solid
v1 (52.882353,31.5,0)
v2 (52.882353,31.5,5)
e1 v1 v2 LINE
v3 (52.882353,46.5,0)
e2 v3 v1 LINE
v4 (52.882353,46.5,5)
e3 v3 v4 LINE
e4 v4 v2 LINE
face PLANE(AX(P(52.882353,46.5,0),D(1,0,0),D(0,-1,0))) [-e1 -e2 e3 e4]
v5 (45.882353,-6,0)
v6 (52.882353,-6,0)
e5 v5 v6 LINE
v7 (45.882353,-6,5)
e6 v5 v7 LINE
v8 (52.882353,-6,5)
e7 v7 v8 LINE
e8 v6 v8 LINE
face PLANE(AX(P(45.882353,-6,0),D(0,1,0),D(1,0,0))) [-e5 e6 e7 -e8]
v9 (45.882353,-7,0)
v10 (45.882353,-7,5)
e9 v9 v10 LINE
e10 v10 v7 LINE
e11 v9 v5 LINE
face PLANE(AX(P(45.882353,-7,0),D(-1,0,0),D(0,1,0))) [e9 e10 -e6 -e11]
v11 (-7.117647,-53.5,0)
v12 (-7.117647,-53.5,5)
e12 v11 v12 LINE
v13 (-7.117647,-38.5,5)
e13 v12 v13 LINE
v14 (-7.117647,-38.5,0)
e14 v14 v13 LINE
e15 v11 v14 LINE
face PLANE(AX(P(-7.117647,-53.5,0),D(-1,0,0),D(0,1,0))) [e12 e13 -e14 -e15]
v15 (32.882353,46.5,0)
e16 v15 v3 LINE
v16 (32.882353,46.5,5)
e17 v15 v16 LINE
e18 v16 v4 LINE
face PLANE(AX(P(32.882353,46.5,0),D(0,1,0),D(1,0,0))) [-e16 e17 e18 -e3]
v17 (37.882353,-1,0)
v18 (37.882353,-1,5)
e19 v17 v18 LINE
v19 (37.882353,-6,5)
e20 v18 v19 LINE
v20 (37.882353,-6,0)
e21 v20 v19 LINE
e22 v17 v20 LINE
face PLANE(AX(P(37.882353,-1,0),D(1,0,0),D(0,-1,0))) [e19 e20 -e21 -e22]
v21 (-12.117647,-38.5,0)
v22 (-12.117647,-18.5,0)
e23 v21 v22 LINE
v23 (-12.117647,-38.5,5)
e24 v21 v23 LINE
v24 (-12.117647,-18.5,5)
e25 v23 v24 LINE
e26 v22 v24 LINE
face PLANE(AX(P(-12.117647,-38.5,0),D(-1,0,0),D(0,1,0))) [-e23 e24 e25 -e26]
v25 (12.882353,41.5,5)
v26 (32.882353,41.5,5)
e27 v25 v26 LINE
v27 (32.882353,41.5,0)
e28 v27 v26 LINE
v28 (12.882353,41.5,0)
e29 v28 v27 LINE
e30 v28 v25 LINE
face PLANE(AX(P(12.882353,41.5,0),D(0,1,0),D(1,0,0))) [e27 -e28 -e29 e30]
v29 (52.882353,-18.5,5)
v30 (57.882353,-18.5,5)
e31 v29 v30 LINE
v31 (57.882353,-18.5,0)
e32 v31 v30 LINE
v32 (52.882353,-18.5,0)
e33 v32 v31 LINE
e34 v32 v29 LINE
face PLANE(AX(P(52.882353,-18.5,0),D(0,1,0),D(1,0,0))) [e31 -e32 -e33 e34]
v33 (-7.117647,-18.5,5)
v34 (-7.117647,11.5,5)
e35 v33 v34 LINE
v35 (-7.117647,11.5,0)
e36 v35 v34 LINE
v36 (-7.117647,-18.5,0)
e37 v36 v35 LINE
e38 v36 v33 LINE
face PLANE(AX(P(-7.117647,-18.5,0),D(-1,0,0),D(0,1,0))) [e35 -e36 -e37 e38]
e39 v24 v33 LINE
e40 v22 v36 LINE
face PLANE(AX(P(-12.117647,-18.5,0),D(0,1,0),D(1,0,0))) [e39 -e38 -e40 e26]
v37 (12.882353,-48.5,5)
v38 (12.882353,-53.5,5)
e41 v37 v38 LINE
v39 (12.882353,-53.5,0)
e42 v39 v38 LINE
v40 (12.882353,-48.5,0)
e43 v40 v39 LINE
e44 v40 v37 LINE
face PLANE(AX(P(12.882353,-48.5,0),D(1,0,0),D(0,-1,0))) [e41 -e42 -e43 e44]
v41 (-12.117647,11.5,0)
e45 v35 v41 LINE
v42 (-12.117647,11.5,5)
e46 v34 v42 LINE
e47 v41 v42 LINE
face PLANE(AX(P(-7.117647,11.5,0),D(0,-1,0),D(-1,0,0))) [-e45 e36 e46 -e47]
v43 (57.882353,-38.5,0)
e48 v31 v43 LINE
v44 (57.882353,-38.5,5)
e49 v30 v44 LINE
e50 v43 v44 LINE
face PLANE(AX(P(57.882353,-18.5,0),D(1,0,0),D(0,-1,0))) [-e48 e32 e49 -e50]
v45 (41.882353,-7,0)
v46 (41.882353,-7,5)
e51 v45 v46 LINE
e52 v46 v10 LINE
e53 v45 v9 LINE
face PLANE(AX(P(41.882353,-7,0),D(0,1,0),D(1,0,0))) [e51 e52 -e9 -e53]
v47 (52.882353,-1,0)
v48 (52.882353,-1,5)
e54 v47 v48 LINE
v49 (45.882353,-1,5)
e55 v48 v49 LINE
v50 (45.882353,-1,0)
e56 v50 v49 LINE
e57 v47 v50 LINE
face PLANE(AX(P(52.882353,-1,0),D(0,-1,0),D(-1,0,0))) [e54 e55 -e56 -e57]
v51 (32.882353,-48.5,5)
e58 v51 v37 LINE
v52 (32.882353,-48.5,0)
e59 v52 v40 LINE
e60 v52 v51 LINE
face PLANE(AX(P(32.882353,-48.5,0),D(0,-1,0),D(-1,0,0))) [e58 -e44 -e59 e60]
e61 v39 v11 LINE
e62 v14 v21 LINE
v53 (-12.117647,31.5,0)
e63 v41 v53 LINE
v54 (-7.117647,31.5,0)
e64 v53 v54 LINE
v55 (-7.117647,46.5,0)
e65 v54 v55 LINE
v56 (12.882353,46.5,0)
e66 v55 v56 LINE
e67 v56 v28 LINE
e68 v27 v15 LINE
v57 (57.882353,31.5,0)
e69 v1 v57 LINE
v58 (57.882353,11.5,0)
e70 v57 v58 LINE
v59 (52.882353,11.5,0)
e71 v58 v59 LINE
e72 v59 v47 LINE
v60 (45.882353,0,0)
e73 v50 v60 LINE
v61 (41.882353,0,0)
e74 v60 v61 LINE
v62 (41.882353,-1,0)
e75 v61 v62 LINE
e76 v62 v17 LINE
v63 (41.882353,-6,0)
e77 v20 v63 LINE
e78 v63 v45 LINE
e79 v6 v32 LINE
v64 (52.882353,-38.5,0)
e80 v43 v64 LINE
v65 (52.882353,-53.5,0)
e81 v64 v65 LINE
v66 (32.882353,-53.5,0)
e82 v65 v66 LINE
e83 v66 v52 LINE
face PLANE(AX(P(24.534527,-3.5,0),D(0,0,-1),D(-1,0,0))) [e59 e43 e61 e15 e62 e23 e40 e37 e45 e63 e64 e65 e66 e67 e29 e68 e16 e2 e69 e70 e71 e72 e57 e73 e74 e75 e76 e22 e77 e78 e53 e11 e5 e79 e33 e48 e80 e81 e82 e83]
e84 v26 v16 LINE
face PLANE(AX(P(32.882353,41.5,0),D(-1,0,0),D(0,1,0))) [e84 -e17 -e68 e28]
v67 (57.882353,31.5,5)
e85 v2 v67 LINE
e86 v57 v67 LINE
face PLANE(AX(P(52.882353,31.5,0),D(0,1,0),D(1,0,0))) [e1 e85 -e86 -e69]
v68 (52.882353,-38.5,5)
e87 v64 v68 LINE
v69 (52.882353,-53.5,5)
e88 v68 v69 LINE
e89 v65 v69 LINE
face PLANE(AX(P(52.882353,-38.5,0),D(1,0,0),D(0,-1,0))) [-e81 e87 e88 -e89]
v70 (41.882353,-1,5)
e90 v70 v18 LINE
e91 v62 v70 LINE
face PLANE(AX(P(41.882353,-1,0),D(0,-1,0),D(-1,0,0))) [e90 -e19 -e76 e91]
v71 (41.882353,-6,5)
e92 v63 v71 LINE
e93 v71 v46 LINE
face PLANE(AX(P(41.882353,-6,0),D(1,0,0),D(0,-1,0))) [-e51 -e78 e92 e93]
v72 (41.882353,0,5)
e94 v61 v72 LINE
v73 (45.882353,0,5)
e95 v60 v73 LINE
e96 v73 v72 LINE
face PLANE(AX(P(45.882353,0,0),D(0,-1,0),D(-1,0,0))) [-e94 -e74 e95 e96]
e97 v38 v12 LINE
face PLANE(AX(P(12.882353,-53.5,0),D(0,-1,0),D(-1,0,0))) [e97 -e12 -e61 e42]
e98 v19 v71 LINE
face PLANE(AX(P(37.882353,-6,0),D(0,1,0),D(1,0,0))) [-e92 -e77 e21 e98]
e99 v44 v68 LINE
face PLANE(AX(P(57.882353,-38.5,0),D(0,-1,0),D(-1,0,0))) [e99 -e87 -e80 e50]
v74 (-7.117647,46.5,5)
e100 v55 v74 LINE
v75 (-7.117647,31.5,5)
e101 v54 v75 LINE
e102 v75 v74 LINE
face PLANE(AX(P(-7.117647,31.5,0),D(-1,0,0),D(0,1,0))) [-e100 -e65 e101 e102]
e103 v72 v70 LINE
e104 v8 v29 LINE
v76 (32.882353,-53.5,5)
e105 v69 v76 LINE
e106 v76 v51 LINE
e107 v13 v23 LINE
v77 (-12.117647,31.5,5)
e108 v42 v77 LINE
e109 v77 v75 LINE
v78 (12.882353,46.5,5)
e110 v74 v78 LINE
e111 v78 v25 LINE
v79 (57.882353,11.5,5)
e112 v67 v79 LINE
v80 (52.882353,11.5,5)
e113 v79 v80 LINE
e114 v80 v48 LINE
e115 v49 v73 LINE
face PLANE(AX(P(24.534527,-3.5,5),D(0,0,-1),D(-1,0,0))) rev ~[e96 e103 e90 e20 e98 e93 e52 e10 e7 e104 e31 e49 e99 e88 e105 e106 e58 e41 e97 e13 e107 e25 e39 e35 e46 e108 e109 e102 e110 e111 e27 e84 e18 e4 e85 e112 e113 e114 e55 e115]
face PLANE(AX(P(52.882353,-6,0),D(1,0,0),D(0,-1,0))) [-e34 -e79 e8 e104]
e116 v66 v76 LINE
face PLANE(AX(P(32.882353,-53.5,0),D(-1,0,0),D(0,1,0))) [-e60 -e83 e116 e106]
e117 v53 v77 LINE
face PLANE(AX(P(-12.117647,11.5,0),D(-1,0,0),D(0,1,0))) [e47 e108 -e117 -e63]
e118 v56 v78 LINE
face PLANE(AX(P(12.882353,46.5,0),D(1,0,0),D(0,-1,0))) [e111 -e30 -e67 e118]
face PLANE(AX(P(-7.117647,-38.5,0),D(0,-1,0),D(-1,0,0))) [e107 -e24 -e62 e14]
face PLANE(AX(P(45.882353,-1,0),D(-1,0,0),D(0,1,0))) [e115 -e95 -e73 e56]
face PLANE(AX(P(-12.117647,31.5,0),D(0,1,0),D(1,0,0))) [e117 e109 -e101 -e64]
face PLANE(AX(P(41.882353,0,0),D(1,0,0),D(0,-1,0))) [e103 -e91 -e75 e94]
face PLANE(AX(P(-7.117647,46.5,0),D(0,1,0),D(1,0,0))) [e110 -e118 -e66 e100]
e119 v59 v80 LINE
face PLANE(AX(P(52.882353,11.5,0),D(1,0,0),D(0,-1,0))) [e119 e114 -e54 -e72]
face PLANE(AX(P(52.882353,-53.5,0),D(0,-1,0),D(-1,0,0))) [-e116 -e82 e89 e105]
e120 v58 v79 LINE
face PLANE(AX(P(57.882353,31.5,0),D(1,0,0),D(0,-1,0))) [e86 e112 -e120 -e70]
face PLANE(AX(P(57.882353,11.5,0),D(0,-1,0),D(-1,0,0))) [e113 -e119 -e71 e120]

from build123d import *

# Parameters (mm, degrees)
BOSS_EXTRU_1_DEPTH = 5


with BuildPart() as part:
    # Esquisse1 → Boss.-Extru.1 (new body)
    with BuildSketch(Plane.XY):
        Polygon((12.882352941, 41.5), (32.882352941, 41.5), (32.882352941, 46.5), (52.882352941, 46.5), (52.882352941, 31.5), (57.882352941, 31.5), (57.882352941, 11.5), (52.882352941, 11.5), (52.882352941, -1), (45.882352941, -1), (45.882352941, 0), (41.882352941, 0), (41.882352941, -1), (37.882352941, -1), (37.882352941, -6), (41.882352941, -6), (41.882352941, -7), (45.882352941, -7), (45.882352941, -6), (52.882352941, -6), (52.882352941, -18.5), (57.882352941, -18.5), (57.882352941, -38.5), (52.882352941, -38.5), (52.882352941, -53.5), (32.882352941, -53.5), (32.882352941, -48.5), (12.882352941, -48.5), (12.882352941, -53.5), (-7.117647059, -53.5), (-7.117647059, -38.5), (-12.117647059, -38.5), (-12.117647059, -18.5), (-7.117647059, -18.5), (-7.117647059, 11.5), (-12.117647059, 11.5), (-12.117647059, 31.5), (-7.117647059, 31.5), (-7.117647059, 46.5), (12.882352941, 46.5), align=None)
    extrude(amount=BOSS_EXTRU_1_DEPTH)


solid = part.part
